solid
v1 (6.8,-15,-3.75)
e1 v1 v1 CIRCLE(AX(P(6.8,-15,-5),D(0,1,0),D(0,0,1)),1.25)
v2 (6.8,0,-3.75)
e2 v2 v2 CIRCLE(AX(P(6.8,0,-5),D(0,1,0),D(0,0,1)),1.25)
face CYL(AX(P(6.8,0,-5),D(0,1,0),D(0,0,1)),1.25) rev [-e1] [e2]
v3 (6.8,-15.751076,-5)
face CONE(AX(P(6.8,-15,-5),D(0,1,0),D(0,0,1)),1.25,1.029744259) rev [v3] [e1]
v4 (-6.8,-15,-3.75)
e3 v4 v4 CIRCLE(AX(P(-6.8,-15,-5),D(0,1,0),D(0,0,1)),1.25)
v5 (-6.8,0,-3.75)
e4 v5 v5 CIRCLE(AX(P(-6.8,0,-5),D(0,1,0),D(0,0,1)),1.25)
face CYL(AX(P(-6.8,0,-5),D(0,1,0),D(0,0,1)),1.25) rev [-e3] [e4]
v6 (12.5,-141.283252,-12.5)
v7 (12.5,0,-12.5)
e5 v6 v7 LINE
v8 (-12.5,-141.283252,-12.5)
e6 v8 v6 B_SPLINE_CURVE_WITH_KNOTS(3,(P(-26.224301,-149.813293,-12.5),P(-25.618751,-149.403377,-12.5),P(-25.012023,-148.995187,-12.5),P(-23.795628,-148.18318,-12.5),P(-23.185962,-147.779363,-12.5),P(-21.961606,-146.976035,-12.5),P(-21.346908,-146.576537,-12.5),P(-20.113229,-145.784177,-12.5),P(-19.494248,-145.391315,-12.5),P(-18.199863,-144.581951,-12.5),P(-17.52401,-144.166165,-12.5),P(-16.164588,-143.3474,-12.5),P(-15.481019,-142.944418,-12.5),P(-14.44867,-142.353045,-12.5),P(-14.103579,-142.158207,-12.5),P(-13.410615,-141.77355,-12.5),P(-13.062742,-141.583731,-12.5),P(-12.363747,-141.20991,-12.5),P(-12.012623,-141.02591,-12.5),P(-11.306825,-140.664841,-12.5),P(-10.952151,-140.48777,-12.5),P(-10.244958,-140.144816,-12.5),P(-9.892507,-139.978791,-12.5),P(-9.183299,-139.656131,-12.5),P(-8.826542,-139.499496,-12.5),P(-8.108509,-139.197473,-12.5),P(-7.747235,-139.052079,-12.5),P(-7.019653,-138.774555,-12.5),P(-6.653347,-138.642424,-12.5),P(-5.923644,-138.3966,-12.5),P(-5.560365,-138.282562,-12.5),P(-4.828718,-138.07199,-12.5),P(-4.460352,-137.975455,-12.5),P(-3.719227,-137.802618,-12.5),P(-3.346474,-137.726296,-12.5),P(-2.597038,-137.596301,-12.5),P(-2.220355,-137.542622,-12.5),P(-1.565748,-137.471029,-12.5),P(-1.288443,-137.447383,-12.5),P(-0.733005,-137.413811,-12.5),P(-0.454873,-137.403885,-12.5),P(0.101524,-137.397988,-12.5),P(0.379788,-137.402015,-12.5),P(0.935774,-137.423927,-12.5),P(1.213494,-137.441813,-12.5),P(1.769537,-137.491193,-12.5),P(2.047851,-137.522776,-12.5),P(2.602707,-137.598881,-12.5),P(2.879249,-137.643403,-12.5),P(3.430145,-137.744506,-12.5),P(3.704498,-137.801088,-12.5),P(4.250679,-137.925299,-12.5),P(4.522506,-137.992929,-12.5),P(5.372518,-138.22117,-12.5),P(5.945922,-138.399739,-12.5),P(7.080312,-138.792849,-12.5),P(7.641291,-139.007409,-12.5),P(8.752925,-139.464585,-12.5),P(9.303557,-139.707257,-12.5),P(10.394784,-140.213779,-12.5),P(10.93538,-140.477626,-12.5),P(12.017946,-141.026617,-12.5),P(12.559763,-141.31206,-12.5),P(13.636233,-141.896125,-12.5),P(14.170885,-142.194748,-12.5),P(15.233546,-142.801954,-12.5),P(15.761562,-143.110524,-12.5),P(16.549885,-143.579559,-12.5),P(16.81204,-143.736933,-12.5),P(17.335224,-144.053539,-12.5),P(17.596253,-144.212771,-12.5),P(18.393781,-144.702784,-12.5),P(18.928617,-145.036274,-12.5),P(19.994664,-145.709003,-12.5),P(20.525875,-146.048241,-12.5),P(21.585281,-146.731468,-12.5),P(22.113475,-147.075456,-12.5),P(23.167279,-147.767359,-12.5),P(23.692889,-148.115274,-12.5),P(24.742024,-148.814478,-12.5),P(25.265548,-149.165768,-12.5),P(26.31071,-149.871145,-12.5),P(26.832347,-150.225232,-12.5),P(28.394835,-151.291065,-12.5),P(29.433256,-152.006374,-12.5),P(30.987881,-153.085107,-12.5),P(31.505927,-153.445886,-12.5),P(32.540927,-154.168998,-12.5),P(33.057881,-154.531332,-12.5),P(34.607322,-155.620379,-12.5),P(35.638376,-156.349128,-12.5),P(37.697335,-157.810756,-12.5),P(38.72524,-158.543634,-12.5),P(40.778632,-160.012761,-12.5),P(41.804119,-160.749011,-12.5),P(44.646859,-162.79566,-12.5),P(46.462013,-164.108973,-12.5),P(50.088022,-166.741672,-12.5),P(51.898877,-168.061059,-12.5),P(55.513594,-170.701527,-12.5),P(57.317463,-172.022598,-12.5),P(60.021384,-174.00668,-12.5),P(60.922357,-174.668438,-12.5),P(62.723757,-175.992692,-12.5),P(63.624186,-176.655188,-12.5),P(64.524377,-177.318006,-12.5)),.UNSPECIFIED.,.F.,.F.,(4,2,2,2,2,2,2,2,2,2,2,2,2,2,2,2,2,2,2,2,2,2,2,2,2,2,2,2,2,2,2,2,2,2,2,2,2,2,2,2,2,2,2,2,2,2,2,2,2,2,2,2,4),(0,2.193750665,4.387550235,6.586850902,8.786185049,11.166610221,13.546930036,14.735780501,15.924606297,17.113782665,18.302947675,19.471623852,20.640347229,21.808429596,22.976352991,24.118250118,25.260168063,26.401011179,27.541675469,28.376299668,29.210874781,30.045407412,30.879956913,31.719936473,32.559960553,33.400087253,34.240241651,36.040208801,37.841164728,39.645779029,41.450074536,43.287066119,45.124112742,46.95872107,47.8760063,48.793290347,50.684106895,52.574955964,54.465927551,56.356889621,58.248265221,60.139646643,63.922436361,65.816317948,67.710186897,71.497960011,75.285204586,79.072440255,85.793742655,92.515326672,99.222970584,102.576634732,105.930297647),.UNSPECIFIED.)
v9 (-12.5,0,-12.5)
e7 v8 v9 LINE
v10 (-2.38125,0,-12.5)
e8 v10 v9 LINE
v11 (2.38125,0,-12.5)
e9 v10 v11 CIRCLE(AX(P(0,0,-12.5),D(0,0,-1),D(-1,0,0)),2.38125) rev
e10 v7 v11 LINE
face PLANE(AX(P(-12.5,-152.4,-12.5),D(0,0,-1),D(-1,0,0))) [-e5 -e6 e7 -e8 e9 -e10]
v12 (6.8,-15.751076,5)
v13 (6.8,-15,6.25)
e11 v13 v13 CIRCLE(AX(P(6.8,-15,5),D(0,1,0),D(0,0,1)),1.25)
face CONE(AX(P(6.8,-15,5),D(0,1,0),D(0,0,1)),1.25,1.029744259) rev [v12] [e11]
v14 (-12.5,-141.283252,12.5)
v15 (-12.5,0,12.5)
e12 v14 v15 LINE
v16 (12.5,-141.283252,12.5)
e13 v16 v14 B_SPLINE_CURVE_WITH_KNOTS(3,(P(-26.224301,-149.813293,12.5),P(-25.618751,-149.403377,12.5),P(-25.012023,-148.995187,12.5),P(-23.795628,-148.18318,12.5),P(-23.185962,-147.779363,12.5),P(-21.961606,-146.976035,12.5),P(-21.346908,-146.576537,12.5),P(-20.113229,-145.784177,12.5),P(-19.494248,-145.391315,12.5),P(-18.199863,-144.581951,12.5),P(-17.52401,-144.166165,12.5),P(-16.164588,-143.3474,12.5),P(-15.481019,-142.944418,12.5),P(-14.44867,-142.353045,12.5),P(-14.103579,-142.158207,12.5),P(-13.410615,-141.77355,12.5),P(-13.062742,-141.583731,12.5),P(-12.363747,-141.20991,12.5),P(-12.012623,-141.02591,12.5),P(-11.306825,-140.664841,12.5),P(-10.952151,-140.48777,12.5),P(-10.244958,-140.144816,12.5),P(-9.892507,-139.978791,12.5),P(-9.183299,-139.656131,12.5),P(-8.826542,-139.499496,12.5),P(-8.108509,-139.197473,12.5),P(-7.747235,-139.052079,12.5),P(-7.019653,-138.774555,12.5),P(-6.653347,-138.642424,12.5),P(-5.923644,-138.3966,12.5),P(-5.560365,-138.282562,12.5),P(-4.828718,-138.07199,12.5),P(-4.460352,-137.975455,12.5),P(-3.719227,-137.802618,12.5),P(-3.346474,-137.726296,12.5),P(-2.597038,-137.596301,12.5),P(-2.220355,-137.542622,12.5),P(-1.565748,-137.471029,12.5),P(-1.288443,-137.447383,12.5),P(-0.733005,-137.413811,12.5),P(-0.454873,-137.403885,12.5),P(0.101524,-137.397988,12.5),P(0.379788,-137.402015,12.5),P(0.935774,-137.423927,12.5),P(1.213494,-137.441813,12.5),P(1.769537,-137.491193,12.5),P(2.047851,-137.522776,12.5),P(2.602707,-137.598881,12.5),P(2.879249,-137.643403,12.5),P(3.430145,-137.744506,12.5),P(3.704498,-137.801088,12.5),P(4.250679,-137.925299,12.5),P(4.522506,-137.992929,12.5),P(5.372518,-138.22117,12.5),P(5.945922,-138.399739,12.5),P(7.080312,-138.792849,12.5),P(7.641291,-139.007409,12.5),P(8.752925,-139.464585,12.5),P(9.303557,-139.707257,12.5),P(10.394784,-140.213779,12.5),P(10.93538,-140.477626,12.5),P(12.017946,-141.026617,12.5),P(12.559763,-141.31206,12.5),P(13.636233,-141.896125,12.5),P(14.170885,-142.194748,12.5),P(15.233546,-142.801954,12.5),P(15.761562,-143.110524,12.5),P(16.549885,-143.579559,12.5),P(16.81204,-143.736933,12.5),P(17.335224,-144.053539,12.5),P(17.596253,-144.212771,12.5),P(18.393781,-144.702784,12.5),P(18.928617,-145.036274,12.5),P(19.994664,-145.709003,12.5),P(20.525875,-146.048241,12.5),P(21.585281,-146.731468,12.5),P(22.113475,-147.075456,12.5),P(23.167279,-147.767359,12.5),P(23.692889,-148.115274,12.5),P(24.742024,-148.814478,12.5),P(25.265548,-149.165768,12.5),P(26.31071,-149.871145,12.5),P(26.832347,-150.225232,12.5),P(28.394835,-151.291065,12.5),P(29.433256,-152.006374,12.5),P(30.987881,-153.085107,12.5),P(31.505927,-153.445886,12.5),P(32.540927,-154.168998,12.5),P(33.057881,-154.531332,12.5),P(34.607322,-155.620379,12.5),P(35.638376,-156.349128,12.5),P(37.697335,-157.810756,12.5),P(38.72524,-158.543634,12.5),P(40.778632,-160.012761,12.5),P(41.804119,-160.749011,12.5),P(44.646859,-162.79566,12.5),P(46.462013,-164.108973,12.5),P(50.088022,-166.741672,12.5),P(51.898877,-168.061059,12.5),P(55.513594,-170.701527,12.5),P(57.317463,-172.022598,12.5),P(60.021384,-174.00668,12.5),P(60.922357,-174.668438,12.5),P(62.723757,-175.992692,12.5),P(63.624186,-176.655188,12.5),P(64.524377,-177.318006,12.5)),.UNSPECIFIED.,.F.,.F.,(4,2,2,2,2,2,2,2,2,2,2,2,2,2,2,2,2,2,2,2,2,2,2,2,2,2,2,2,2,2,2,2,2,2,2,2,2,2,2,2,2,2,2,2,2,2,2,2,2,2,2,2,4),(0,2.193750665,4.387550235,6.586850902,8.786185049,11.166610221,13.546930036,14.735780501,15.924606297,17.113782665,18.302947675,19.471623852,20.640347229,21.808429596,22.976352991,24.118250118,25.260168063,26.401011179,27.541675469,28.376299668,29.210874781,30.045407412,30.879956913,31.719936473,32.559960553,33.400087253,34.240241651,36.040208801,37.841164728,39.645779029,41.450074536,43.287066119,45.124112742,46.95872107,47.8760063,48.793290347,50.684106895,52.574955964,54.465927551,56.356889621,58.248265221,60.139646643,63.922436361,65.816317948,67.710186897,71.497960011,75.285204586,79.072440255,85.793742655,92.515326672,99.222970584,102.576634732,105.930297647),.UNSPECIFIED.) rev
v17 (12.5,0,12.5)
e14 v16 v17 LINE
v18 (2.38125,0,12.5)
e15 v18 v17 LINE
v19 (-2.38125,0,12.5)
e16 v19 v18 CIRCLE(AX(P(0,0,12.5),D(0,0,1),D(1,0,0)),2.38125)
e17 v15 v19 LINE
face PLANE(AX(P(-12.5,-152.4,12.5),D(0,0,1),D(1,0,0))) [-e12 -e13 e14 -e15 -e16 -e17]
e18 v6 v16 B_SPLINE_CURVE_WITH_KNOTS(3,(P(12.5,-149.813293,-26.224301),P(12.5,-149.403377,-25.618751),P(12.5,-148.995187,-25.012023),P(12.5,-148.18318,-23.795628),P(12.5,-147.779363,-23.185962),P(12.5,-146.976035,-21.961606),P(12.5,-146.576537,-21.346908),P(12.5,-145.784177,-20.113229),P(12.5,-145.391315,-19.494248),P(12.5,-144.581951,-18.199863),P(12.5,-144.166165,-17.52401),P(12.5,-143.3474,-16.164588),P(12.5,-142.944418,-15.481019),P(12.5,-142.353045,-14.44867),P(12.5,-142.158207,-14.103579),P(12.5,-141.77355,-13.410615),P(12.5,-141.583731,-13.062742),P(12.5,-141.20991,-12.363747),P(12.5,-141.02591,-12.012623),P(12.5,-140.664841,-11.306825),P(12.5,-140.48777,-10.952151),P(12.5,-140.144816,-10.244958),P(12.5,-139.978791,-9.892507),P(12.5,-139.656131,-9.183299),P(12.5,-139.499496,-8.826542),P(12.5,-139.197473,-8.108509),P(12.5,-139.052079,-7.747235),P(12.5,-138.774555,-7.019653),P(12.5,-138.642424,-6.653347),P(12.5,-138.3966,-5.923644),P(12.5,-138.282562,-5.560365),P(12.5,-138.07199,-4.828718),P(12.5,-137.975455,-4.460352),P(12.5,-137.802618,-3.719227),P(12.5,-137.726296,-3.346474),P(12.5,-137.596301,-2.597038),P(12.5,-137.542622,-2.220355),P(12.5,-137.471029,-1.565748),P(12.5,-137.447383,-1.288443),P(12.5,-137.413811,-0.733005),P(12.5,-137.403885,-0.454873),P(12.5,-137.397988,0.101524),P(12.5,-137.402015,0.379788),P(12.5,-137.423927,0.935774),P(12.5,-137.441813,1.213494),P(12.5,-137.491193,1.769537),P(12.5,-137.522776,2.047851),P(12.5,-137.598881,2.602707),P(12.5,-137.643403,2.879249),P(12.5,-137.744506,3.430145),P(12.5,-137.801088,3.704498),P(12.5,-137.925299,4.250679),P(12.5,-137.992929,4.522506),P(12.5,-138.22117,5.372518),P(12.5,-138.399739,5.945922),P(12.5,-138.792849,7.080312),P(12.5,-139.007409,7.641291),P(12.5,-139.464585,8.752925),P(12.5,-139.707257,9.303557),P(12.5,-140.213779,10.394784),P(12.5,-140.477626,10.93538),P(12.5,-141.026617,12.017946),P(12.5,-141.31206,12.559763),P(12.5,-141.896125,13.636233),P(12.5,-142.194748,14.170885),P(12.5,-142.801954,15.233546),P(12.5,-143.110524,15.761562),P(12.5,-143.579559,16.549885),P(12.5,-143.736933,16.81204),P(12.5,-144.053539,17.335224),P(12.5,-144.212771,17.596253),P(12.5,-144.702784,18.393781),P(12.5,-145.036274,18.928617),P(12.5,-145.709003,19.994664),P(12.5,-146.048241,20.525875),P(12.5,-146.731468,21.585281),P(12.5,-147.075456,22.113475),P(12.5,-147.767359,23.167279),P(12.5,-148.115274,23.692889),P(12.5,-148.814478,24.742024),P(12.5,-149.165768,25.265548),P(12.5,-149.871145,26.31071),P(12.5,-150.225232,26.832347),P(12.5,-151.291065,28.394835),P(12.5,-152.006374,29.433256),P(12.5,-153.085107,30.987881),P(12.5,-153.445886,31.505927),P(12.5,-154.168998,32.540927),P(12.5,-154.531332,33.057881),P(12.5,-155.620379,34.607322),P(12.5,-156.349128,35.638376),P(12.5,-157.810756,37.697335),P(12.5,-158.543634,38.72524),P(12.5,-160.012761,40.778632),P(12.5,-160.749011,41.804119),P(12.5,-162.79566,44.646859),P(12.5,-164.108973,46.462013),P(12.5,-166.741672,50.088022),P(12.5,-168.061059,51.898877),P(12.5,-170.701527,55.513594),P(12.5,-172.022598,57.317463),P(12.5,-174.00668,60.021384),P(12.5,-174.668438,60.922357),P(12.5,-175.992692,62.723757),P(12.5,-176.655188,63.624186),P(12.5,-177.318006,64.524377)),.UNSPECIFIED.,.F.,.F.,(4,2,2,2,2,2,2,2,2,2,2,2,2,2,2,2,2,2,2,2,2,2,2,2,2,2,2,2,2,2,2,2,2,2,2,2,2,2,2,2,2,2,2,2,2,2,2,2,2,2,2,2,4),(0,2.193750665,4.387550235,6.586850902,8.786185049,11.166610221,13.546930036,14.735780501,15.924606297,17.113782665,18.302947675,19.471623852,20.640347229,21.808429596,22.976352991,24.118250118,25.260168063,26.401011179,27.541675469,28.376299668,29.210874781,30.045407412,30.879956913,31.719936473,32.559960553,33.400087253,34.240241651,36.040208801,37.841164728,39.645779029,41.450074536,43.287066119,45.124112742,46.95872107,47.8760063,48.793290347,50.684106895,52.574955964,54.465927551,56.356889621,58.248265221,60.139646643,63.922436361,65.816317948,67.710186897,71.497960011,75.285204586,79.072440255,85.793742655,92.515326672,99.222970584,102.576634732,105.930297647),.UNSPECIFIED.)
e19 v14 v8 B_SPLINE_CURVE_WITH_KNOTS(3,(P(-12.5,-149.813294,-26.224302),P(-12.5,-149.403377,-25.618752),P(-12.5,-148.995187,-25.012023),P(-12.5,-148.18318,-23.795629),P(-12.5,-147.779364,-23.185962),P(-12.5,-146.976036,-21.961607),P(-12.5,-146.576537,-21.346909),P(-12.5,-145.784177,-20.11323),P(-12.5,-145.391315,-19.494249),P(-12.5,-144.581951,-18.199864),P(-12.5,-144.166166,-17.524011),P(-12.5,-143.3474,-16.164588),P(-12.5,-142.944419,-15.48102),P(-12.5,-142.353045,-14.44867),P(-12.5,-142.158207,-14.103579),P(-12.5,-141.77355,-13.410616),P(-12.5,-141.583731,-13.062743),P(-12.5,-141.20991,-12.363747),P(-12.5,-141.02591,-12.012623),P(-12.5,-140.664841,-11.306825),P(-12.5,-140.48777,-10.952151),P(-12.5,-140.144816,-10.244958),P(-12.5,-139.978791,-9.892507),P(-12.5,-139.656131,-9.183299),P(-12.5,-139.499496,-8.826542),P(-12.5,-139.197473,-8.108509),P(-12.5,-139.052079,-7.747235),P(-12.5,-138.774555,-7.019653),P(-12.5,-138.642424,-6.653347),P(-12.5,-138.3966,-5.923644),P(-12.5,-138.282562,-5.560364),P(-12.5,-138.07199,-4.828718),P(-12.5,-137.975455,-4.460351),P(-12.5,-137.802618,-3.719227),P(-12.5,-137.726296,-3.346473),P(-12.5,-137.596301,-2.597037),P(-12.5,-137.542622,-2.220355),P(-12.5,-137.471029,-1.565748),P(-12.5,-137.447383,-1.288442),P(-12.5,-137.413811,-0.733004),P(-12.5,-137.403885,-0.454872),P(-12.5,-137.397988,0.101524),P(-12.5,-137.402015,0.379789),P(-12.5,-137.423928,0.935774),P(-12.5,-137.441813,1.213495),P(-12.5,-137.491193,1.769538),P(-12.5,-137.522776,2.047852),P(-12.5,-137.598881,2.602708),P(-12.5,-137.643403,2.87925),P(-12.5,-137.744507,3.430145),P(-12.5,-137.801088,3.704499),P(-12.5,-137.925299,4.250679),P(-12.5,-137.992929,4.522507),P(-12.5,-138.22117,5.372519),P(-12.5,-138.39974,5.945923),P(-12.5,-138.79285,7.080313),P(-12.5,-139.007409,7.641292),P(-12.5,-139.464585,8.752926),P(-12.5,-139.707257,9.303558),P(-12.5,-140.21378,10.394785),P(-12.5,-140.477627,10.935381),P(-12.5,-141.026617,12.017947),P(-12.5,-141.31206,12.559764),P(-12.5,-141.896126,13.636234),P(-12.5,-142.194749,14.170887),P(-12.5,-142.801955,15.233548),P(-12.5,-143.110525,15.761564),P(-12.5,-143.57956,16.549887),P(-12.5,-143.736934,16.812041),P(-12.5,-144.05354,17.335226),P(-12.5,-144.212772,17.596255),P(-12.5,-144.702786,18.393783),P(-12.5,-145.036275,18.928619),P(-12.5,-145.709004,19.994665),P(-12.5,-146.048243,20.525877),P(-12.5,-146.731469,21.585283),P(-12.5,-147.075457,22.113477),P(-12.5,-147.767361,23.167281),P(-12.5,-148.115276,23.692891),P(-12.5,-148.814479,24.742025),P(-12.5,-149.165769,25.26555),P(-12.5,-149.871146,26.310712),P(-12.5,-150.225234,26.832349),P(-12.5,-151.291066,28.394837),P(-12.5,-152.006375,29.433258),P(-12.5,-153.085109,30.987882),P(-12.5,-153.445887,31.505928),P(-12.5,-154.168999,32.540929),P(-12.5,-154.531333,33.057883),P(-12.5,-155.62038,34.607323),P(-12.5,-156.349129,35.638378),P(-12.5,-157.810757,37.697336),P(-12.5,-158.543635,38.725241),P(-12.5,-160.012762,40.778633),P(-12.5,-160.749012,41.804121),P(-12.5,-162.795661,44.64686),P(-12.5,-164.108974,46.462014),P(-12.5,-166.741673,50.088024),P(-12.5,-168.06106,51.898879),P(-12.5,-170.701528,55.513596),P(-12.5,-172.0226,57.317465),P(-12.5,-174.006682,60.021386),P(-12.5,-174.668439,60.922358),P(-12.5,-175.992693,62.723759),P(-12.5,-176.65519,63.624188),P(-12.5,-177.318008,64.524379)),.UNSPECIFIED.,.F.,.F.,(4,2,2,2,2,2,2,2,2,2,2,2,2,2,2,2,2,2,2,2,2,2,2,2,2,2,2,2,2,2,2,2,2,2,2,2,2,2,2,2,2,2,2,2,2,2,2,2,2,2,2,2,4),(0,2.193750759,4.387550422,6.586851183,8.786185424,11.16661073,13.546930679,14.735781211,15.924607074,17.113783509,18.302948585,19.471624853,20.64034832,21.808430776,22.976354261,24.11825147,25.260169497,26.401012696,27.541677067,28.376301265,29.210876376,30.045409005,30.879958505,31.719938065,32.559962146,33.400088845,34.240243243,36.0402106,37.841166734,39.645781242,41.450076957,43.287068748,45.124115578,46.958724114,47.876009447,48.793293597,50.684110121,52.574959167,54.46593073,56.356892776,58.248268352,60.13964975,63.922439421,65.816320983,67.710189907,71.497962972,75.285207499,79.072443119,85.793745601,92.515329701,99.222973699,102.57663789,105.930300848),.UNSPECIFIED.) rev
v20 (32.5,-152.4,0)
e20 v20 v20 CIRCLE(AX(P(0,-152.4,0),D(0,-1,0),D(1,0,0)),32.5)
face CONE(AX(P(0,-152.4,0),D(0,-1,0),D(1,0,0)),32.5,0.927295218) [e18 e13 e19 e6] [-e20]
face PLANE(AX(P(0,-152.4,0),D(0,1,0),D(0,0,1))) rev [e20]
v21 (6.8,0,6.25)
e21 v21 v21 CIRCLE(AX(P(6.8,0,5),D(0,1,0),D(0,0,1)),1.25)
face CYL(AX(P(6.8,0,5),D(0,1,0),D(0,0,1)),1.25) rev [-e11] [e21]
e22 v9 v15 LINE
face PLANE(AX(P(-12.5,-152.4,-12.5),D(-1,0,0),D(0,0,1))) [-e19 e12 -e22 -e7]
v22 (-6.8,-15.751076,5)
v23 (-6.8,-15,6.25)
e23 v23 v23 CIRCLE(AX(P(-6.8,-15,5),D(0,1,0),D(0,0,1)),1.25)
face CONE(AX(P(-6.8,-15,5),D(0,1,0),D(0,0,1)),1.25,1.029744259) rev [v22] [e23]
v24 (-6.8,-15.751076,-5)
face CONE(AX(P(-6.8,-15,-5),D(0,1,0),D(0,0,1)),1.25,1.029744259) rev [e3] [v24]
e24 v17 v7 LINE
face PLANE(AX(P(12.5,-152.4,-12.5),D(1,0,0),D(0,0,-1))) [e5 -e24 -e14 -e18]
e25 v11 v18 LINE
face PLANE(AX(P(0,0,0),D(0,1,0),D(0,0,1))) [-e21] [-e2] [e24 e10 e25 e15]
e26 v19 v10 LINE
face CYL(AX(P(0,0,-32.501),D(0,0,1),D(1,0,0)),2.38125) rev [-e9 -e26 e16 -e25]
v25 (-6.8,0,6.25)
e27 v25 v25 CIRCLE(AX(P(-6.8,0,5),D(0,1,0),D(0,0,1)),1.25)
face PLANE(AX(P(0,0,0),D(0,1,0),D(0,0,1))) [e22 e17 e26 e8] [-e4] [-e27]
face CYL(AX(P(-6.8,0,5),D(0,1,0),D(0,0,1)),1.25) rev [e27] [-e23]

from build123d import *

# Parameters (mm, degrees)
SKETCH1_W                       = 25
SKETCH1_H                       = 25
BOSS_EXTRUDE1_DEPTH             = 152.4
CUT_EXTRUDE1_REACH              = 47
SKETCH3_R                       = 2.38125
SKETCH4_R                       = 1
CUT_EXTRUDE2_DEPTH              = 10
TAP_DRILL_FOR_M3X0_5_TAP1_D     = 2.5
TAP_DRILL_FOR_M3X0_5_TAP1_DEPTH = 15
TAP_DRILL_FOR_M3X0_5_TAP1_TIP   = 0.751075774


with BuildPart() as part:
    # Sketch1 → Boss-Extrude1 (new body)
    with BuildSketch(Plane(origin=(0, 0, 0), x_dir=(1, 0, 0), z_dir=(0, 1, 0))):
        Rectangle(SKETCH1_W, SKETCH1_H)
    extrude(amount=-BOSS_EXTRUDE1_DEPTH)

    # Sketch2 → Revolve1 (revolve)
    with BuildSketch(Plane.XY):
        Polygon((12.5, -137.4), (32.5, -152.4), (12.5, -152.4), align=None)
    revolve(axis=Axis((0, -152.4, 0), (0, 1, 0)))

    # Sketch3 → Cut-Extrude1 (cut, up to next)
    with BuildSketch(Plane.XY.offset(12.5), mode=Mode.PRIVATE) as cut_extrude1_sk1:
        Circle(SKETCH3_R)
    cut_extrude1_tool1 = extrude(cut_extrude1_sk1.sketch, amount=-CUT_EXTRUDE1_REACH, mode=Mode.PRIVATE) & part.part
    add(cut_extrude1_tool1.solids().sort_by_distance((0, 0, 12.5))[0], mode=Mode.SUBTRACT)

    # Sketch4 → Cut-Extrude2 (cut)
    with BuildSketch(Plane(origin=(0, 0, 0), x_dir=(1, 0, 0), z_dir=(0, 1, 0))):
        with Locations((-6.8, 5)):
            Circle(SKETCH4_R)
        with Locations((6.8, 5)):
            Circle(SKETCH4_R)
        with Locations((6.8, -5)):
            Circle(SKETCH4_R)
        with Locations((-6.8, -5)):
            Circle(SKETCH4_R)
    extrude(amount=-CUT_EXTRUDE2_DEPTH, mode=Mode.SUBTRACT)

    # Tap Drill for M3x0.5 Tap1
    with Locations(Plane(origin=(0, 0, 0), x_dir=(1, 0, 0), z_dir=(0, 1, 0))):
        with Locations((-6.8, -5), (-6.8, 5), (6.8, 5), (6.8, -5)):
            Hole(TAP_DRILL_FOR_M3X0_5_TAP1_D / 2, depth=TAP_DRILL_FOR_M3X0_5_TAP1_DEPTH)
            with Locations((0, 0, -(TAP_DRILL_FOR_M3X0_5_TAP1_DEPTH + TAP_DRILL_FOR_M3X0_5_TAP1_TIP / 2))):  # 118° drill point
                Cone(0, TAP_DRILL_FOR_M3X0_5_TAP1_D / 2, TAP_DRILL_FOR_M3X0_5_TAP1_TIP, mode=Mode.SUBTRACT)


solid = part.part
